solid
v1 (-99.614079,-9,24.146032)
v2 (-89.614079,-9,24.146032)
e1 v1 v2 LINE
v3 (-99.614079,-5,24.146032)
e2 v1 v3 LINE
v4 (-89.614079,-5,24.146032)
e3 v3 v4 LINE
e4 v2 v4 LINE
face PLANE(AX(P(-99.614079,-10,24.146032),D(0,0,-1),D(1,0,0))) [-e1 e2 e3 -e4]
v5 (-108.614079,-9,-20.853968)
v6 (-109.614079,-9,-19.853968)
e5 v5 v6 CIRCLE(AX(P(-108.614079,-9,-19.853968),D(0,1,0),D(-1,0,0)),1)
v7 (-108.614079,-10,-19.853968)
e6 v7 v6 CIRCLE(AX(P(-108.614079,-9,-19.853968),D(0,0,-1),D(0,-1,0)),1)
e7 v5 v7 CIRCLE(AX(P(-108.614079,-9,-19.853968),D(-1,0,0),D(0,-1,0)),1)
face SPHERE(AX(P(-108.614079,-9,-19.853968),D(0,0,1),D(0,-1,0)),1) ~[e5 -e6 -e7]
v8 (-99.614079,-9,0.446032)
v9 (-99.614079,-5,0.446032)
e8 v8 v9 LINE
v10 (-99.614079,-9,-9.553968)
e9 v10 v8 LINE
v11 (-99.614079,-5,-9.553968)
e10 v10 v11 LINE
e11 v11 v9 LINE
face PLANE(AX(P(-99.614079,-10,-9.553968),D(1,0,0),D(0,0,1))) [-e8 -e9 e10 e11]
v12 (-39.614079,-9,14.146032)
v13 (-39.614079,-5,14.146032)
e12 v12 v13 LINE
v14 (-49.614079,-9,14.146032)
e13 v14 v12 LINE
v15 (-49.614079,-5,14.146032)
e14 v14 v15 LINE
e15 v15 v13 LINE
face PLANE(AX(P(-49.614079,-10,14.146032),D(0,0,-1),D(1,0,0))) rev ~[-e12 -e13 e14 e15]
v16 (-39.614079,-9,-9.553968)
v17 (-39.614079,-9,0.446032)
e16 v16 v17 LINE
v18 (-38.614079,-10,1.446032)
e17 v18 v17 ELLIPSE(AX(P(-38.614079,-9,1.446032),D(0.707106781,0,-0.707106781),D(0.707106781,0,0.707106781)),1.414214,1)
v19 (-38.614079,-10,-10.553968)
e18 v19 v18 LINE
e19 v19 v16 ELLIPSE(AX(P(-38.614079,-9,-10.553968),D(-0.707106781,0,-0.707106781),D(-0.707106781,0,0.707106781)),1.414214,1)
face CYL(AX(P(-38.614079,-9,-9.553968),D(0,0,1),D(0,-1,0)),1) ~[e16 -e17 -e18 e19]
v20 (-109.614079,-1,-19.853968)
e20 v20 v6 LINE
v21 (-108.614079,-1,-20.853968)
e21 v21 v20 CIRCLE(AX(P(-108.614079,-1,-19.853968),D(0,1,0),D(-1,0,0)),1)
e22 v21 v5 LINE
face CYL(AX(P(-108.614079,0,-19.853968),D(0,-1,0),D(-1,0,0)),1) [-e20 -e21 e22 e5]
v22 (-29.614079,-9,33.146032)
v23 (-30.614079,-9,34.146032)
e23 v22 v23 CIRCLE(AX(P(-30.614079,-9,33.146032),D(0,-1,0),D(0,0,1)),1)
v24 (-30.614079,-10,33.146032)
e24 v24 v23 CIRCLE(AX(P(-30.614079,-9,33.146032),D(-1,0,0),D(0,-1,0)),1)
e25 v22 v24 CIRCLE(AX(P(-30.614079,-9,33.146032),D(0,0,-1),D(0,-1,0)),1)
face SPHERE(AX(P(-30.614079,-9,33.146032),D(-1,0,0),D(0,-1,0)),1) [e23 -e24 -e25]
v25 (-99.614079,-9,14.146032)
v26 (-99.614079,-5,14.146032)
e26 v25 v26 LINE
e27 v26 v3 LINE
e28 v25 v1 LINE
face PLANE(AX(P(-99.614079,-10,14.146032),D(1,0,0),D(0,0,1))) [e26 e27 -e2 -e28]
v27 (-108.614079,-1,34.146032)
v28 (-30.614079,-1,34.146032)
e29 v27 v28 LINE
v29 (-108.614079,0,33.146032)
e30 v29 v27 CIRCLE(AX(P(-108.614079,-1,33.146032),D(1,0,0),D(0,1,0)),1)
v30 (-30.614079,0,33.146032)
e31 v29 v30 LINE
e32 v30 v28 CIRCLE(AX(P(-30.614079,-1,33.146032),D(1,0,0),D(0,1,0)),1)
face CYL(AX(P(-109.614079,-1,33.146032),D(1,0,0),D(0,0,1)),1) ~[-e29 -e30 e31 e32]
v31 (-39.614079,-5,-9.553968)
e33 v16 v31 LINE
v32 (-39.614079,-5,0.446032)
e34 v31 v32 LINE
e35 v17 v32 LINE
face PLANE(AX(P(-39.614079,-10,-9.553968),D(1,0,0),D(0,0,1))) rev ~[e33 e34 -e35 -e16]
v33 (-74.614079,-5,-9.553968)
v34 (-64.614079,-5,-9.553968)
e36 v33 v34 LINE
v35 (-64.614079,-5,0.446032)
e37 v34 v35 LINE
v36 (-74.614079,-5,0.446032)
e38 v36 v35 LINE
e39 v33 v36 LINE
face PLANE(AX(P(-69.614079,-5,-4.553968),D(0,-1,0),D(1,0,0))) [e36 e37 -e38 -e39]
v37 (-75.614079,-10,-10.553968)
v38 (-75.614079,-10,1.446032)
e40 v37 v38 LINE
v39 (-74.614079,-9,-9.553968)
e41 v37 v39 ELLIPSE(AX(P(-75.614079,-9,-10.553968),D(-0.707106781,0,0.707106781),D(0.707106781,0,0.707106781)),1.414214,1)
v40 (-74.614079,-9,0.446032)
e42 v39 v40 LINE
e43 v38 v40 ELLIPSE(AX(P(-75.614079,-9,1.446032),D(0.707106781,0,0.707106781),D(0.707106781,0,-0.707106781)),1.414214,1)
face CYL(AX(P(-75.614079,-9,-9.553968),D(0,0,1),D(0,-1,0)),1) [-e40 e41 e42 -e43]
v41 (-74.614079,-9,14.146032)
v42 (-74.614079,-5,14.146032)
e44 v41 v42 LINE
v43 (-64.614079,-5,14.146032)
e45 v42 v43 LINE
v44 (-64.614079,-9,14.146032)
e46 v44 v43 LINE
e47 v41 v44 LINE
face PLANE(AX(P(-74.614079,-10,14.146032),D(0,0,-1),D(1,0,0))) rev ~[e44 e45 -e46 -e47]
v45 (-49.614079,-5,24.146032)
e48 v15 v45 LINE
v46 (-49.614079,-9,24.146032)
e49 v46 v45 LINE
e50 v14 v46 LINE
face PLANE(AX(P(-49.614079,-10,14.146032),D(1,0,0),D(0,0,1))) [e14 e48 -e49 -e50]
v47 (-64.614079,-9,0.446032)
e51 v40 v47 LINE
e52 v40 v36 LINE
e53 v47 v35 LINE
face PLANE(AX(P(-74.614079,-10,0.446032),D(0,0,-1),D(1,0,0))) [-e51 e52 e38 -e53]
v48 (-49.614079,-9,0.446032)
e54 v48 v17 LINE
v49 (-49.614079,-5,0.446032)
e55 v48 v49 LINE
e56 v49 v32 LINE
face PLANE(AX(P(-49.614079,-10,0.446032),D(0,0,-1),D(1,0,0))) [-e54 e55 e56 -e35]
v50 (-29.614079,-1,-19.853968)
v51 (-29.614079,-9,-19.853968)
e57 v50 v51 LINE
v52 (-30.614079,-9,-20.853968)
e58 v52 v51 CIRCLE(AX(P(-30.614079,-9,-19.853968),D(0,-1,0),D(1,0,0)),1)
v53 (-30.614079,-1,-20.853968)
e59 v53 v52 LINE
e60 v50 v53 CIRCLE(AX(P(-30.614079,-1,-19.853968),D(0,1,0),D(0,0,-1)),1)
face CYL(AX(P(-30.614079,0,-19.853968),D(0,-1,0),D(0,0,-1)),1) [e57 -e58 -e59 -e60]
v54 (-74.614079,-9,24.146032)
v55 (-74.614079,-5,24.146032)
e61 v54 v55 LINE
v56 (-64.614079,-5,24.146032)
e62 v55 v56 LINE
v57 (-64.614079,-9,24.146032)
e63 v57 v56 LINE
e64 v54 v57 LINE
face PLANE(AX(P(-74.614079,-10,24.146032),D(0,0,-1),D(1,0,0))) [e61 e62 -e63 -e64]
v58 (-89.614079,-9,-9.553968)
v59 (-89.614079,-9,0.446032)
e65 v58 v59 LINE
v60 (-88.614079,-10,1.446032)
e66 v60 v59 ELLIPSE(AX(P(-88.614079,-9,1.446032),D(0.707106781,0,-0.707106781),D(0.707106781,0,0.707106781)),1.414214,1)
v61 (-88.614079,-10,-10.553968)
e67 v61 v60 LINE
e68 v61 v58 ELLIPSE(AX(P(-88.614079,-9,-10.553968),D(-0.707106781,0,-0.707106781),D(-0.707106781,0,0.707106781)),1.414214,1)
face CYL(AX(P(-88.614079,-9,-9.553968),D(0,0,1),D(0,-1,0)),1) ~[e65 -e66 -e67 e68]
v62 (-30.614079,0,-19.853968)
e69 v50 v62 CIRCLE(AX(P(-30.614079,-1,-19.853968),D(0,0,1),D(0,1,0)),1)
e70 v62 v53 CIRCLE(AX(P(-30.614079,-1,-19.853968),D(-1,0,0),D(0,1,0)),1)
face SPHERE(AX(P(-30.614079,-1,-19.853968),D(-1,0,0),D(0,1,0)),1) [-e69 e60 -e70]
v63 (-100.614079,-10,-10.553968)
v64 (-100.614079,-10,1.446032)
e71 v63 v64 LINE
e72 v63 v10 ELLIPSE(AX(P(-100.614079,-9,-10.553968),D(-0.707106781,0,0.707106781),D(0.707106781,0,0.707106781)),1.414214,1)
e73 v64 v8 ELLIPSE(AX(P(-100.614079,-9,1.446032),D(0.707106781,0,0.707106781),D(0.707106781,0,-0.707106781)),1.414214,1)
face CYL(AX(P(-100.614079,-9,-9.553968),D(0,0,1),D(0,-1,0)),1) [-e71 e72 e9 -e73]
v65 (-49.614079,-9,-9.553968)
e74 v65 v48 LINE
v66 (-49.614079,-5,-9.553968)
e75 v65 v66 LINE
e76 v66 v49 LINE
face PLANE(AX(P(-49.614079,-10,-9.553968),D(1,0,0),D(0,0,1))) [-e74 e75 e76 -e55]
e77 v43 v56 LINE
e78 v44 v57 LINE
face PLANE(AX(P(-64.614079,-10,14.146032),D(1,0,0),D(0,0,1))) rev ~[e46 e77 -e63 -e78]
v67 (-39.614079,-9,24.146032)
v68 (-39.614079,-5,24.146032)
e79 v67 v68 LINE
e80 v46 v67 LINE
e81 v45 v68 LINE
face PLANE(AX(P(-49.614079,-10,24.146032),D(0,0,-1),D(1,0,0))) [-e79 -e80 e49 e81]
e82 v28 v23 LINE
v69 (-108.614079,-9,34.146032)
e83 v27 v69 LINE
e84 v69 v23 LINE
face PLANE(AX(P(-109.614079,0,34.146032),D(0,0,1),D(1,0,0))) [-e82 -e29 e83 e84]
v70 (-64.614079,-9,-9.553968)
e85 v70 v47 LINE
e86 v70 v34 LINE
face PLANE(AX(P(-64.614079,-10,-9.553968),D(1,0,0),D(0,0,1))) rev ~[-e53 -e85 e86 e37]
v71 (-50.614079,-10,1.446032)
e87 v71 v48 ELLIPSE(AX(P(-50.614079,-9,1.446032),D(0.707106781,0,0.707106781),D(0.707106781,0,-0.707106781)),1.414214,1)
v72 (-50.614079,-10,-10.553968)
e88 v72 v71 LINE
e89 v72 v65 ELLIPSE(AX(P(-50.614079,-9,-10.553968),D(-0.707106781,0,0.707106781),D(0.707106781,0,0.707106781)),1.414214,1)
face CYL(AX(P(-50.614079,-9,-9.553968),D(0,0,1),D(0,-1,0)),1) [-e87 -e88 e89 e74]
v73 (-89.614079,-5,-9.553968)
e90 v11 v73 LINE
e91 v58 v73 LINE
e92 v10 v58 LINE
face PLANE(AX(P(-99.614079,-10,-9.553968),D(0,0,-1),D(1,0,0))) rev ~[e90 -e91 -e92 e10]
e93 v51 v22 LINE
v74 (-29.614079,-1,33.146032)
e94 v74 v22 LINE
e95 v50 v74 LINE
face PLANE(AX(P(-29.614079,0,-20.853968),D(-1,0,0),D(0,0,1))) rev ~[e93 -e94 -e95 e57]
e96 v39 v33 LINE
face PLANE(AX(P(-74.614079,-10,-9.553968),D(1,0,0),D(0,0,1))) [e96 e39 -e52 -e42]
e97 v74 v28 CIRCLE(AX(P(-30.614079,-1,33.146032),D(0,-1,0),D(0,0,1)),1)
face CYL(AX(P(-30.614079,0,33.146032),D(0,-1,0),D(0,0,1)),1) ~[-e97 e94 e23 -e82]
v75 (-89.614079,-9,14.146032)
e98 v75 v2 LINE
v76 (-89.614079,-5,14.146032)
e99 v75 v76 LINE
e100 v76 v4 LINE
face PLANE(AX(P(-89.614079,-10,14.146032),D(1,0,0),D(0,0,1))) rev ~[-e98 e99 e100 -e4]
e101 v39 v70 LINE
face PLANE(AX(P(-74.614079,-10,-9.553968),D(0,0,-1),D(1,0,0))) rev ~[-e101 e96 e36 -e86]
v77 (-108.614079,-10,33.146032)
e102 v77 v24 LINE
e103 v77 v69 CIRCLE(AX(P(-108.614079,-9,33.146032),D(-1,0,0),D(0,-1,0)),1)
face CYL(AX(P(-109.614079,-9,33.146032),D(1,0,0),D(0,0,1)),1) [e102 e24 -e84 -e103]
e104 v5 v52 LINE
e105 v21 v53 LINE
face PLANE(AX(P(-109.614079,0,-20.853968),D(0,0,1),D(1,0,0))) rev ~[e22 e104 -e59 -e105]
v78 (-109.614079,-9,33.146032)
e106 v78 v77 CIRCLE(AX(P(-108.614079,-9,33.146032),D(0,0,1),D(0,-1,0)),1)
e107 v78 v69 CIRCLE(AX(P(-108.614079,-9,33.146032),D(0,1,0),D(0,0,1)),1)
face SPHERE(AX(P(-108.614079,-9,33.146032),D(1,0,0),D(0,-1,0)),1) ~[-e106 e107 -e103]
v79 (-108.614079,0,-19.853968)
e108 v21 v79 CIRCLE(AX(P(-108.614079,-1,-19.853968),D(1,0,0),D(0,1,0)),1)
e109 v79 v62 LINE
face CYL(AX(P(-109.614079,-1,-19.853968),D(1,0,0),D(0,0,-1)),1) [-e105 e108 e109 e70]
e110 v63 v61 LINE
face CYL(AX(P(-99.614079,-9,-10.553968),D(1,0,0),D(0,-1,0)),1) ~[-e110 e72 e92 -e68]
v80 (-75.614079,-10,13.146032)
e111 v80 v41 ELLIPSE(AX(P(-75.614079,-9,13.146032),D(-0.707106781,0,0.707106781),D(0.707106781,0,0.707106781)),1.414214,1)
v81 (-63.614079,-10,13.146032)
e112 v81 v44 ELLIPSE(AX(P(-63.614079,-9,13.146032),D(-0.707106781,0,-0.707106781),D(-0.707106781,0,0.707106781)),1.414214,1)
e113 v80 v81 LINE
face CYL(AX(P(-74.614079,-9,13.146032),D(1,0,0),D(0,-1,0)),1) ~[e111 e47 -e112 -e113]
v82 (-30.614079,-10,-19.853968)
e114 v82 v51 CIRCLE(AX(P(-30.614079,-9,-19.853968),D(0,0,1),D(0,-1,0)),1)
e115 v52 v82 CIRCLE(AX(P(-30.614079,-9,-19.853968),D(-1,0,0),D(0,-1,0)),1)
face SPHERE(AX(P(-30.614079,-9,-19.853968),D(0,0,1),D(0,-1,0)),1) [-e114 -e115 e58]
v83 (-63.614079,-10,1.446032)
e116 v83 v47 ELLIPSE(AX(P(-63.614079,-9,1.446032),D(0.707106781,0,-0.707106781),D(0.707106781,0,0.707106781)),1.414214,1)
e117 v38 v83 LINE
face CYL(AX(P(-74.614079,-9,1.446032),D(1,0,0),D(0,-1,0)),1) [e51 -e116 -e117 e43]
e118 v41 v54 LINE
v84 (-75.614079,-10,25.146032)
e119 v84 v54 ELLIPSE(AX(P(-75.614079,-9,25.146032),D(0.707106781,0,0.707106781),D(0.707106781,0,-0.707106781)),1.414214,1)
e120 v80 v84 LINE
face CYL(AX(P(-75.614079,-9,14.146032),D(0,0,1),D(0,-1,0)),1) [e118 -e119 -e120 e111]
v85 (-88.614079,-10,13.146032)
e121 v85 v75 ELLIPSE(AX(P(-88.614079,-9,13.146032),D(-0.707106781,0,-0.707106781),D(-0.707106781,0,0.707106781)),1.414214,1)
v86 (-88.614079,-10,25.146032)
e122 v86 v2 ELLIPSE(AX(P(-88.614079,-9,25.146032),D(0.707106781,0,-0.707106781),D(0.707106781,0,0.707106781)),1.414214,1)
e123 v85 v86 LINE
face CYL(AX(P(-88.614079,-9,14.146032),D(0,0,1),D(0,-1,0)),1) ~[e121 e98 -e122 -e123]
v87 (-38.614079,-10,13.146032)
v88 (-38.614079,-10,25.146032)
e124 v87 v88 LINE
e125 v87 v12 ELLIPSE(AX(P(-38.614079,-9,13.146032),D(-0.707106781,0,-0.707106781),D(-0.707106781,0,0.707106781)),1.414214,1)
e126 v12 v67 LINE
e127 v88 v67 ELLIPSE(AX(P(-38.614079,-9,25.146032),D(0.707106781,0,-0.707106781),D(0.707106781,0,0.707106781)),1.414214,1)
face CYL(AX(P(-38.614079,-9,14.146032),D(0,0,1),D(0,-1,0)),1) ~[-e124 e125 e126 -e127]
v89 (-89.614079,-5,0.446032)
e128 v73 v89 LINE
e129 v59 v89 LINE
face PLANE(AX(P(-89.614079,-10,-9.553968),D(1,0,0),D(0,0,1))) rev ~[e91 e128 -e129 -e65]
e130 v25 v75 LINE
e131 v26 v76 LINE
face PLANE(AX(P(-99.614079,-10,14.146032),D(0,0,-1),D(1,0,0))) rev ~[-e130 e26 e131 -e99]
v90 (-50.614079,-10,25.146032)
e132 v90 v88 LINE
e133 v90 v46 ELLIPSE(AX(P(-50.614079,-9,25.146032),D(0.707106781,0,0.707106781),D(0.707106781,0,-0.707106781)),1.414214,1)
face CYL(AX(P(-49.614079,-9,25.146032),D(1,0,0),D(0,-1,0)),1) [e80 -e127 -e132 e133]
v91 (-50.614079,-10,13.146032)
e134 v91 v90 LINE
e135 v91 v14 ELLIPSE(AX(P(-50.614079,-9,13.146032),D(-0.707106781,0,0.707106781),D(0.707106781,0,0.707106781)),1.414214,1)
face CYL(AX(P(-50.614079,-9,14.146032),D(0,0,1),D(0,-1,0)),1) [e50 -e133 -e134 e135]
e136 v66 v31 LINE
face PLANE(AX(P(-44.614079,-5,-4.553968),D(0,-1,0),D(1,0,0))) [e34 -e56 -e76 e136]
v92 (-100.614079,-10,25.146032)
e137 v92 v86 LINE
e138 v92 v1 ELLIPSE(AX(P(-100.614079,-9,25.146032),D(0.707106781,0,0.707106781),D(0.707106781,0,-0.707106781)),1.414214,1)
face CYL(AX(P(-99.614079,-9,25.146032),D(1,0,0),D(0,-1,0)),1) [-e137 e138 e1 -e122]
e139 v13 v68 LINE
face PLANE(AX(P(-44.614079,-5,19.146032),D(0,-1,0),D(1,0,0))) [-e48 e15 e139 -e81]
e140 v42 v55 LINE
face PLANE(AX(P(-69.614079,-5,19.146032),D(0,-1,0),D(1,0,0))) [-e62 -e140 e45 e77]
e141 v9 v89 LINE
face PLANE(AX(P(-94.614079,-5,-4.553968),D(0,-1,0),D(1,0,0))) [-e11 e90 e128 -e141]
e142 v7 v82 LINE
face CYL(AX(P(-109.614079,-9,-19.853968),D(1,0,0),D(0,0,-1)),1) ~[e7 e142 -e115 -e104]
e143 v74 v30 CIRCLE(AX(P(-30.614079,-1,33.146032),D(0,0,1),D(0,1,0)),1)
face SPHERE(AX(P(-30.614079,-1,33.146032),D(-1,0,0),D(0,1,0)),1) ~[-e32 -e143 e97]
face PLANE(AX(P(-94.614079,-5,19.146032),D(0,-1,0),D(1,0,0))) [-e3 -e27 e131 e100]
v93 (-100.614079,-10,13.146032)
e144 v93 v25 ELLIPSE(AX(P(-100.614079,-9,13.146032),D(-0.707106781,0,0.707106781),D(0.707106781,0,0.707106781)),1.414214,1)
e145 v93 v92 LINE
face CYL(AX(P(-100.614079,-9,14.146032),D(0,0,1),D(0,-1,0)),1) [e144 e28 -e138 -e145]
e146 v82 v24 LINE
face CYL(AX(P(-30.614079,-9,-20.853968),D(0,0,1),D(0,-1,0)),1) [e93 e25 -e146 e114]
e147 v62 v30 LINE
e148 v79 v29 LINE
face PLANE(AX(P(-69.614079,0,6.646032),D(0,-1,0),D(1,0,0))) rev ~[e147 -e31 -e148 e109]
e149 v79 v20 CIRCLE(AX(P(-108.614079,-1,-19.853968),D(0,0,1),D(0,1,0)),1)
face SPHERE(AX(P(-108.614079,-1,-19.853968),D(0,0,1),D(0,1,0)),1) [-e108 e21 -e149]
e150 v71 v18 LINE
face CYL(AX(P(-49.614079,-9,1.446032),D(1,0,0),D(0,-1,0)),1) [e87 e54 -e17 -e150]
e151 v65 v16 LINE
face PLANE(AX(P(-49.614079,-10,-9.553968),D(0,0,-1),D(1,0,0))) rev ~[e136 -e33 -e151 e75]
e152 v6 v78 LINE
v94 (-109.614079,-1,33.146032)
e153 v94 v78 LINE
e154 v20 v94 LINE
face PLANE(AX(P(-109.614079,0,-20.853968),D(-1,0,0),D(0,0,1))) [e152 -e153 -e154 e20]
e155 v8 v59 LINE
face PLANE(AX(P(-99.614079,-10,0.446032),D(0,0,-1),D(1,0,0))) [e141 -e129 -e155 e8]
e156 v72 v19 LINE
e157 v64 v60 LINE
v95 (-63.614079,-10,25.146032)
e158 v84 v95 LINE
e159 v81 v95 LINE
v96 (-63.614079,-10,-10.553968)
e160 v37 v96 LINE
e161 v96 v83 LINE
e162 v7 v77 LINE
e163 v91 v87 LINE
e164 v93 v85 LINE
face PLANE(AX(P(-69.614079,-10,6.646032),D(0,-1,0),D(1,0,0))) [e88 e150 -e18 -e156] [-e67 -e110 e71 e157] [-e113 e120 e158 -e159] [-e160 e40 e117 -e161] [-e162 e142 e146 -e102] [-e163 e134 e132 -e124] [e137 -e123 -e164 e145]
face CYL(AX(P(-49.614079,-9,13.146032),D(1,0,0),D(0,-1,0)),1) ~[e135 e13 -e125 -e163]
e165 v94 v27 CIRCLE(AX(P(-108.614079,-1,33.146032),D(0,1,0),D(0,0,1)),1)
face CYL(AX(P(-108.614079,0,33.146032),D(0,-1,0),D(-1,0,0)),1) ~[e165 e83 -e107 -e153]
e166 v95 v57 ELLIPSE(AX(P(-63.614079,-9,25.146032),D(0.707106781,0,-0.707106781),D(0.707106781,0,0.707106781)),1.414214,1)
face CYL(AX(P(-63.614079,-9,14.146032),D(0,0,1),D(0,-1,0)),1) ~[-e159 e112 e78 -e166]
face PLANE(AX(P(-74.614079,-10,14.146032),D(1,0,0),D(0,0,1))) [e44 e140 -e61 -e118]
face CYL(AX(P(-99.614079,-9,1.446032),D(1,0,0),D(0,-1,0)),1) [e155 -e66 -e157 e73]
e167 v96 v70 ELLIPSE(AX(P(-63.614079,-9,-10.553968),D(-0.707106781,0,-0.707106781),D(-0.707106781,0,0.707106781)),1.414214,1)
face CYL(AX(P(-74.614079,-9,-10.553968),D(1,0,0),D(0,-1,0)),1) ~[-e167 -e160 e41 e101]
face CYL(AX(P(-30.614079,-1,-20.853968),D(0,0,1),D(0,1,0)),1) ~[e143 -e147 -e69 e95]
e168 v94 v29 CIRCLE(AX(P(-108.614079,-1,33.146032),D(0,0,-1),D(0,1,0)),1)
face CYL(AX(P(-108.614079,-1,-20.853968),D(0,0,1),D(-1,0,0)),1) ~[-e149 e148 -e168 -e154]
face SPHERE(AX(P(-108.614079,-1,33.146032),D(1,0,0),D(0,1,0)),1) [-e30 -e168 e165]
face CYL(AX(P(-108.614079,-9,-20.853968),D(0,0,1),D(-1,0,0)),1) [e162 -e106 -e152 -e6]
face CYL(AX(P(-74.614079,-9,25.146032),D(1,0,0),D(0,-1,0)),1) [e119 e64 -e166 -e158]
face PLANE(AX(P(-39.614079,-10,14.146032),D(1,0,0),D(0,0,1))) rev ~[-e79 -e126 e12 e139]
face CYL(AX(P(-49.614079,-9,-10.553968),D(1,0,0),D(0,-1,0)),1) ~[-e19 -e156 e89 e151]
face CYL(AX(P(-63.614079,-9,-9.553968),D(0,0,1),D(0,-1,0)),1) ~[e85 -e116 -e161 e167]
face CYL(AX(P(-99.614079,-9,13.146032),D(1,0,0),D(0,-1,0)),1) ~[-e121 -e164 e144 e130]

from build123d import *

# Parameters (mm, degrees)
F0_W     = 80
F0_H     = 55
F1_DEPTH = 10
F2_W     = 10
F2_H     = 10
F3_DEPTH = 5
F4_R     = 1


with BuildPart() as f1:
    # F0 (on Front) → F1 (new body)
    with BuildSketch(Plane.XZ):
        with Locations((-69.614079, 6.646032)):
            Rectangle(F0_W, F0_H)
    extrude(amount=F1_DEPTH)

    # F2 (on face) → F3 (cut)
    with BuildSketch(Plane.XZ.offset(10)):
        with Locations((-94.614079, 19.146032)):
            Rectangle(F2_W, F2_H)
        with Locations((-94.614079, -4.553968)):
            Rectangle(F2_W, F2_H)
        with Locations((-69.614079, 19.146032)):
            Rectangle(F2_W, F2_H)
        with Locations((-69.614079, -4.553968)):
            Rectangle(F2_W, F2_H)
        with Locations((-44.614079, 19.146032)):
            Rectangle(F2_W, F2_H)
        with Locations((-44.614079, -4.553968)):
            Rectangle(F2_W, F2_H)
    extrude(amount=-F3_DEPTH, mode=Mode.SUBTRACT)

    # F4
    f4_edges = [f1.edges().sort_by_distance(p)[0] for p in [
        (-69.614079, -10, 34.146032),
        (-29.614079, -10, 6.646032),
        (-109.614079, -10, 6.646032),
        (-69.614079, -10, -20.853968),
        (-89.614079, -10, -4.553968),
        (-94.614079, -10, 0.446032),
        (-99.614079, -10, -4.553968),
        (-94.614079, -10, -9.553968),
        (-64.614079, -10, -4.553968),
        (-69.614079, -10, 0.446032),
        (-74.614079, -10, -4.553968),
        (-69.614079, -10, -9.553968),
        (-39.614079, -10, -4.553968),
        (-44.614079, -10, 0.446032),
        (-49.614079, -10, -4.553968),
        (-44.614079, -10, -9.553968),
        (-89.614079, -10, 19.146032),
        (-94.614079, -10, 24.146032),
        (-99.614079, -10, 19.146032),
        (-94.614079, -10, 14.146032),
        (-64.614079, -10, 19.146032),
        (-69.614079, -10, 24.146032),
        (-74.614079, -10, 19.146032),
        (-69.614079, -10, 14.146032),
        (-39.614079, -10, 19.146032),
        (-44.614079, -10, 24.146032),
        (-49.614079, -10, 19.146032),
        (-44.614079, -10, 14.146032),
        (-69.614079, 0, 34.146032),
        (-109.614079, 0, 6.646032),
        (-69.614079, 0, -20.853968),
        (-29.614079, 0, 6.646032),
        (-29.614079, -5, 34.146032),
        (-29.614079, -5, -20.853968),
        (-109.614079, -5, 34.146032),
        (-109.614079, -5, -20.853968),
    ]]
    fillet(f4_edges, radius=F4_R)


solid = f1.part
